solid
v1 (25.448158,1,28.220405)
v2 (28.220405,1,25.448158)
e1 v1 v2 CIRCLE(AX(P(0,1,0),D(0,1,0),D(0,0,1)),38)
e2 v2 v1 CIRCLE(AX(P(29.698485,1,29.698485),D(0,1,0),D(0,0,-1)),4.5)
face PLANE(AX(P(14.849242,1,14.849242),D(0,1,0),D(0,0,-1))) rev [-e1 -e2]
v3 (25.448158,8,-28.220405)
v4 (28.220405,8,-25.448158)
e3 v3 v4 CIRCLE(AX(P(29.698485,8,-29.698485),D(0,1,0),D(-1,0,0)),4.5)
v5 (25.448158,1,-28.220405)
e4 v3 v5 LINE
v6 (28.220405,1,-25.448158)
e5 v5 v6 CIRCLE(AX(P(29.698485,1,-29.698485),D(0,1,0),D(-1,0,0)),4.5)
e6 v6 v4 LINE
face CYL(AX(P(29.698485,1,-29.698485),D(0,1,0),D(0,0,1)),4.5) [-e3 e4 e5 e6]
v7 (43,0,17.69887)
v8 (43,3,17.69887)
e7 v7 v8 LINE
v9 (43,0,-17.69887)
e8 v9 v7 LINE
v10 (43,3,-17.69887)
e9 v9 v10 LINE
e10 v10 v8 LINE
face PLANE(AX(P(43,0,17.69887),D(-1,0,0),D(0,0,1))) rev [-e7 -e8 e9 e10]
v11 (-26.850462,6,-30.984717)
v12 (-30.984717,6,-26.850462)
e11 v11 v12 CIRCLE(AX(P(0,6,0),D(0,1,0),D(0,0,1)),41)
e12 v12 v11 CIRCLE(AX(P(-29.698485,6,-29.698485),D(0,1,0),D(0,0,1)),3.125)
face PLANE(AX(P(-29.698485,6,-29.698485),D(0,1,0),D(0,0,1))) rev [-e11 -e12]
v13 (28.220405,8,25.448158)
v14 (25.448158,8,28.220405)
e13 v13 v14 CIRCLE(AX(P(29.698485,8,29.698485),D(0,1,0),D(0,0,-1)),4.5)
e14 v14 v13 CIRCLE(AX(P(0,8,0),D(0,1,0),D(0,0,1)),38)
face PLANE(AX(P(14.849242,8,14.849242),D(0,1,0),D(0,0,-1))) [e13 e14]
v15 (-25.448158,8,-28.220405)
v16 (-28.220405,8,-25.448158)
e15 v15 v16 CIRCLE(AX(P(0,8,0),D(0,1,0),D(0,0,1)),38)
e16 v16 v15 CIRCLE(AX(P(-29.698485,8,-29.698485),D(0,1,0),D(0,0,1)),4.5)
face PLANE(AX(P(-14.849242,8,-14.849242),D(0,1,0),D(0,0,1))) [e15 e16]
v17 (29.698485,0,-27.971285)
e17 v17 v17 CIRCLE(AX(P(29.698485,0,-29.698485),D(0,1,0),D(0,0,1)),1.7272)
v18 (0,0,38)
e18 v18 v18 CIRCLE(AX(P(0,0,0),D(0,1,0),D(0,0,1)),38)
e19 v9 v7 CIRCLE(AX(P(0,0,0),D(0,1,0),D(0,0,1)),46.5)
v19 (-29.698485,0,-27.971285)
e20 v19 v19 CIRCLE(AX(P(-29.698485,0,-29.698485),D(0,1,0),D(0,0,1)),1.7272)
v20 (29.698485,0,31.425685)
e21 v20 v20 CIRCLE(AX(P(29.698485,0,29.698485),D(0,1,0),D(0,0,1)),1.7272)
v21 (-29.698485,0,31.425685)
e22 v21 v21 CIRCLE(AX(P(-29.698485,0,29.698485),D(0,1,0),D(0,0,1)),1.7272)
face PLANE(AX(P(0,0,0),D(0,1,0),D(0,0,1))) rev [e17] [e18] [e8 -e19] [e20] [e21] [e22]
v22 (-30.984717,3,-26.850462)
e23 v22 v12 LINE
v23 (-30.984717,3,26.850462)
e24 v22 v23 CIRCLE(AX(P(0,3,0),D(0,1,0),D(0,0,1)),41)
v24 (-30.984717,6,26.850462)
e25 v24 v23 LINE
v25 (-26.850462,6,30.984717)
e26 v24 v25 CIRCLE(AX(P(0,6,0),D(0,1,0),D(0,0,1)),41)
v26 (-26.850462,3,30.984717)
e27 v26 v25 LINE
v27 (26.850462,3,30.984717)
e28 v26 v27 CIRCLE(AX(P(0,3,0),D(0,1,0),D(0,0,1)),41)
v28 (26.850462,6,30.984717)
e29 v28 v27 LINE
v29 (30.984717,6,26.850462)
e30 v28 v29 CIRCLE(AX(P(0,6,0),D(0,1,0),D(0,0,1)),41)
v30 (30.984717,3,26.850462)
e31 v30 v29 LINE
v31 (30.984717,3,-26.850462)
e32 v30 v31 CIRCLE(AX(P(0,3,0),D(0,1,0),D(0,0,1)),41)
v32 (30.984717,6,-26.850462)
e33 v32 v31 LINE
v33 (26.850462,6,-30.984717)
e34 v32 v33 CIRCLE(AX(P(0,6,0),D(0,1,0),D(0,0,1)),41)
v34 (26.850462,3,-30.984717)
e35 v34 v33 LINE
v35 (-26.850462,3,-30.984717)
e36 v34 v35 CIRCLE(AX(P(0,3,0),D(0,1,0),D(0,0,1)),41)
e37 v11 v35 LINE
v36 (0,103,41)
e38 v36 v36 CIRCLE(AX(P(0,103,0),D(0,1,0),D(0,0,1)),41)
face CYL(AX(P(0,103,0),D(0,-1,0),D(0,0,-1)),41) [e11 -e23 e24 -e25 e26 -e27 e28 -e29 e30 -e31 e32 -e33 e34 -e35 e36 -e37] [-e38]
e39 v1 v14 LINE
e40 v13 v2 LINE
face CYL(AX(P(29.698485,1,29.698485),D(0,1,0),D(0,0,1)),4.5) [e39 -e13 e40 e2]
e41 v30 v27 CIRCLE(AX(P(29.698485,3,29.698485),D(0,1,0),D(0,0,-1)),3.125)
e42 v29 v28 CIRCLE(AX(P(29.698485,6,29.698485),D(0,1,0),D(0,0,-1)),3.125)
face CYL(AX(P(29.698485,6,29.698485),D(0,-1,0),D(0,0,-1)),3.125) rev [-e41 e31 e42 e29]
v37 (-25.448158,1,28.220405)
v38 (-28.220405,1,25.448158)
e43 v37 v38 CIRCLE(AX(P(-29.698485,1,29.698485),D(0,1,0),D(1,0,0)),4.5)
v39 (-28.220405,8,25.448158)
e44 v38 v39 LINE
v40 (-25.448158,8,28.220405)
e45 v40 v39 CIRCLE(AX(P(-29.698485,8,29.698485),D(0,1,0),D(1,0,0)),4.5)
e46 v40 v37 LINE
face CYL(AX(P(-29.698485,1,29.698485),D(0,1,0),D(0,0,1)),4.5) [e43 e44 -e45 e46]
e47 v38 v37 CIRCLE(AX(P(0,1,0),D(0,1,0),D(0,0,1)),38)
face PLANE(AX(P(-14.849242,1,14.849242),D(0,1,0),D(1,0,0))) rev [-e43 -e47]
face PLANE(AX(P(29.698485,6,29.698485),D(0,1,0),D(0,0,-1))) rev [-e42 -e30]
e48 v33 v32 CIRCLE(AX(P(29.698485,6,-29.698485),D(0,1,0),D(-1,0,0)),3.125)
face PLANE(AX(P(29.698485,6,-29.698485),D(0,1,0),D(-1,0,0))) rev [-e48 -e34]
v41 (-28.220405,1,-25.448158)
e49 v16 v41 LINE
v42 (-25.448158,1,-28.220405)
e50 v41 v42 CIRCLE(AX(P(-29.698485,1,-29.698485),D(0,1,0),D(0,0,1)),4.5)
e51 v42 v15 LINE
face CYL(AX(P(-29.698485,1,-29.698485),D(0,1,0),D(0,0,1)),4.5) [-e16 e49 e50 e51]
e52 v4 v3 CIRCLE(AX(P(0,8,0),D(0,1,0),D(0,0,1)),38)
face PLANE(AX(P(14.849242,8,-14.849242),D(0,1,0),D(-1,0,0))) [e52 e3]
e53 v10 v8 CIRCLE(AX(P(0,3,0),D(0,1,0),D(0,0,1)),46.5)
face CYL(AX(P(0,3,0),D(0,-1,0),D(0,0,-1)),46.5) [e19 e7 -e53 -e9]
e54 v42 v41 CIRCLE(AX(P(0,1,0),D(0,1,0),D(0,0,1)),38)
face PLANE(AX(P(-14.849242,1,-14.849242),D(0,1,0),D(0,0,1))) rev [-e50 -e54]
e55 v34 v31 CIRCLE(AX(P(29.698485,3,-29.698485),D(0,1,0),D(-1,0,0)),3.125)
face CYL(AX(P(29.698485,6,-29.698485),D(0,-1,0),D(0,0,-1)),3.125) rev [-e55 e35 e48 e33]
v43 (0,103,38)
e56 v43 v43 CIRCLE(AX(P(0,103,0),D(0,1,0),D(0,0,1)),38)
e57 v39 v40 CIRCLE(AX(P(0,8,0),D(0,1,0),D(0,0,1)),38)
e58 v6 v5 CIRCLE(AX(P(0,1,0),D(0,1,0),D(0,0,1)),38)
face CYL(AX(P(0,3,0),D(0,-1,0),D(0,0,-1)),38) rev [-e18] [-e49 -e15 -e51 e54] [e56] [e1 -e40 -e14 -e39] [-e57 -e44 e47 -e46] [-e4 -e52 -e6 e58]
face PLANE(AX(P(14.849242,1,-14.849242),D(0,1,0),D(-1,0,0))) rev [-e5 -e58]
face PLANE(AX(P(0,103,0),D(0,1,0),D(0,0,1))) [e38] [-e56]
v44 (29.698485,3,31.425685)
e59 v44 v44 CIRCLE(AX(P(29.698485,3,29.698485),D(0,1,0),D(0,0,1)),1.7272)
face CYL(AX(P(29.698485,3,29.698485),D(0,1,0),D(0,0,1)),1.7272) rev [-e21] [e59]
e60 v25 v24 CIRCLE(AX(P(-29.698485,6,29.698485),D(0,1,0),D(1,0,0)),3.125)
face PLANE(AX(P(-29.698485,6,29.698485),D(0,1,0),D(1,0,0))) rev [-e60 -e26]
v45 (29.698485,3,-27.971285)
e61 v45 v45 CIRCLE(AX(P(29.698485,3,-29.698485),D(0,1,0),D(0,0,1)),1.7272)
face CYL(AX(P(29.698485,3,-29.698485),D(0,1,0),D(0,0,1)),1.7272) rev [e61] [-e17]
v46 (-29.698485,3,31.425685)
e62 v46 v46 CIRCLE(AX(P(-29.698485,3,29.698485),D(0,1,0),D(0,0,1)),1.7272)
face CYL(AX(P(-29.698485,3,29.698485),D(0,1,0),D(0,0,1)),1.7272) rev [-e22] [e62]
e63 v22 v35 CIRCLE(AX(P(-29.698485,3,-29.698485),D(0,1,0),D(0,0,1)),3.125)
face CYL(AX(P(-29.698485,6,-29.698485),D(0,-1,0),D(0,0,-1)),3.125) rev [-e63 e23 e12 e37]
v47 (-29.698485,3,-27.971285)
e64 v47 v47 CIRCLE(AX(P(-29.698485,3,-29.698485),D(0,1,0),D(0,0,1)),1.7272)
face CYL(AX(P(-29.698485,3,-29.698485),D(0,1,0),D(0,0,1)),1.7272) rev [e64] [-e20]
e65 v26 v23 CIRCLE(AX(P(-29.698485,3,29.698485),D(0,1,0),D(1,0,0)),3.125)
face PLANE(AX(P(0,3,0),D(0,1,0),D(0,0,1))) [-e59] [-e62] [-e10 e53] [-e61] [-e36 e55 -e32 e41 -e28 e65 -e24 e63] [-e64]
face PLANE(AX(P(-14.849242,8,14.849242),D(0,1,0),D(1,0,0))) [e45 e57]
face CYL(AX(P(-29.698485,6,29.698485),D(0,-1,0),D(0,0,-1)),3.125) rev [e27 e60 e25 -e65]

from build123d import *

# Parameters (mm, degrees)
SKETCH1_R                      = 46.5
SKETCH1_R_2                    = 38
BOSS_EXTRUDE1_DEPTH            = 3
SKETCH2_R                      = 41
SKETCH2_R_2                    = 38
BOSS_EXTRUDE2_DEPTH            = 100
SKETCH4_W                      = 1.7272
SKETCH4_H                      = 3
F_4_CLEARANCE_HOLE1_AT_2_COUNT = 2
F_4_CLEARANCE_HOLE1_AT_2_PITCH = 59.39696962
F_4_CLEARANCE_HOLE1_AT_3_COUNT = 2
F_4_CLEARANCE_HOLE1_AT_3_PITCH = 84
F_4_CLEARANCE_HOLE1_AT_4_COUNT = 2
F_4_CLEARANCE_HOLE1_AT_4_PITCH = 59.39696962
SKETCH5_R                      = 3.125
CUT_EXTRUDE1_DEPTH             = 3
BOSS_EXTRUDE3_START            = -2
BOSS_EXTRUDE3_DEPTH            = 7
CIRPATTERN3_COUNT              = 4
CUT_EXTRUDE2_DEPTH             = 120.685003238


with BuildPart() as part:
    # Sketch1 → Boss-Extrude1 (new body)
    with BuildSketch(Plane(origin=(0, 0, 0), x_dir=(1, 0, 0), z_dir=(0, 1, 0))):
        with Locations(Location((0, 0, 0), (0, 0, 270))):
            Circle(SKETCH1_R)
        with Locations(Location((0, 0, 0), (0, 0, 270))):
            Circle(SKETCH1_R_2, mode=Mode.SUBTRACT)
    extrude(amount=BOSS_EXTRUDE1_DEPTH)

    # Sketch2 → Boss-Extrude2 (add)
    with BuildSketch(Plane(origin=(0, 3, 0), x_dir=(1, 0, 0), z_dir=(0, 1, 0))):
        with Locations(Location((0, 0, 0), (0, 0, 270))):
            Circle(SKETCH2_R)
        with Locations(Location((0, 0, 0), (0, 0, 270))):
            Circle(SKETCH2_R_2, mode=Mode.SUBTRACT)
    extrude(amount=BOSS_EXTRUDE2_DEPTH)

    # Sketch4 → #4 Clearance Hole1 (revolve, cut)
    with BuildSketch(Plane(origin=(-29.69848481, 3, -29.69848481), x_dir=(0, 0, 1), z_dir=(1, 0, 0))):
        with Locations((0.8636, 1.5)):
            Rectangle(SKETCH4_W, SKETCH4_H)
    f_4_clearance_hole1 = revolve(axis=Axis((-29.69848481, 9.35, -29.69848481), (0, -1, 0)), mode=Mode.SUBTRACT)

    # #4 Clearance Hole1 at 2: #4 Clearance Hole1 ×2
    with Locations(*[(i * F_4_CLEARANCE_HOLE1_AT_2_PITCH, 0, 0) for i in range(1, F_4_CLEARANCE_HOLE1_AT_2_COUNT)]):
        add(f_4_clearance_hole1, mode=Mode.SUBTRACT)

    # #4 Clearance Hole1 at 3: #4 Clearance Hole1 ×2
    with Locations(*[Vector(0.7071067811865476, 0, 0.7071067811865476) * (i * F_4_CLEARANCE_HOLE1_AT_3_PITCH) for i in range(1, F_4_CLEARANCE_HOLE1_AT_3_COUNT)]):
        add(f_4_clearance_hole1, mode=Mode.SUBTRACT)

    # #4 Clearance Hole1 at 4: #4 Clearance Hole1 ×2
    with Locations(*[(0, 0, i * F_4_CLEARANCE_HOLE1_AT_4_PITCH) for i in range(1, F_4_CLEARANCE_HOLE1_AT_4_COUNT)]):
        add(f_4_clearance_hole1, mode=Mode.SUBTRACT)

    # Sketch5 → Cut-Extrude1 (cut)
    with BuildSketch(Plane(origin=(0, 3, 0), x_dir=(1, 0, 0), z_dir=(0, 1, 0))):
        with Locations((-29.69848481, 29.69848481)):
            Circle(SKETCH5_R)
    cut_extrude1 = extrude(amount=CUT_EXTRUDE1_DEPTH, mode=Mode.SUBTRACT)

    # Sketch6 → Boss-Extrude3 (add)
    with BuildSketch(Plane(origin=(0, 3, 0), x_dir=(1, 0, 0), z_dir=(0, 1, 0)).offset(BOSS_EXTRUDE3_START)):
        with BuildLine():
            ThreePointArc((-31.890308819, 25.76835663), (-26.516504294, 26.516504294), (-25.76835663, 31.890308819))
            ThreePointArc((-25.76835663, 31.890308819), (-26.313305576, 31.442168336), (-26.850462289, 30.984716795))
            ThreePointArc((-26.850462289, 30.984716795), (-27.488776119, 27.488776119), (-30.984716795, 26.850462289))
            ThreePointArc((-30.984716795, 26.850462289), (-31.442168336, 26.313305576), (-31.890308819, 25.76835663))
        make_face()
    boss_extrude3 = extrude(amount=BOSS_EXTRUDE3_DEPTH)

    # CirPattern3: Cut-Extrude1, Boss-Extrude3 ×4 about axis
    cirpattern3_axis = Axis((0, 0, 0), (0, 1, 0))
    add([cut_extrude1.rotate(cirpattern3_axis, i * 360 / CIRPATTERN3_COUNT) for i in range(1, CIRPATTERN3_COUNT)], mode=Mode.SUBTRACT)
    add([boss_extrude3.rotate(cirpattern3_axis, i * 360 / CIRPATTERN3_COUNT) for i in range(1, CIRPATTERN3_COUNT)])

    # Sketch7 → Cut-Extrude2 (cut, through all)
    with BuildSketch(Plane(origin=(0, 3, 0), x_dir=(1, 0, 0), z_dir=(0, 1, 0))):
        with BuildLine():
            Line((43, -17.69887002), (43, 17.69887002))
            ThreePointArc((43, 17.69887002), (46.5, 0), (43, -17.69887002))
        make_face()
    extrude(amount=-CUT_EXTRUDE2_DEPTH, mode=Mode.SUBTRACT)


solid = part.part
